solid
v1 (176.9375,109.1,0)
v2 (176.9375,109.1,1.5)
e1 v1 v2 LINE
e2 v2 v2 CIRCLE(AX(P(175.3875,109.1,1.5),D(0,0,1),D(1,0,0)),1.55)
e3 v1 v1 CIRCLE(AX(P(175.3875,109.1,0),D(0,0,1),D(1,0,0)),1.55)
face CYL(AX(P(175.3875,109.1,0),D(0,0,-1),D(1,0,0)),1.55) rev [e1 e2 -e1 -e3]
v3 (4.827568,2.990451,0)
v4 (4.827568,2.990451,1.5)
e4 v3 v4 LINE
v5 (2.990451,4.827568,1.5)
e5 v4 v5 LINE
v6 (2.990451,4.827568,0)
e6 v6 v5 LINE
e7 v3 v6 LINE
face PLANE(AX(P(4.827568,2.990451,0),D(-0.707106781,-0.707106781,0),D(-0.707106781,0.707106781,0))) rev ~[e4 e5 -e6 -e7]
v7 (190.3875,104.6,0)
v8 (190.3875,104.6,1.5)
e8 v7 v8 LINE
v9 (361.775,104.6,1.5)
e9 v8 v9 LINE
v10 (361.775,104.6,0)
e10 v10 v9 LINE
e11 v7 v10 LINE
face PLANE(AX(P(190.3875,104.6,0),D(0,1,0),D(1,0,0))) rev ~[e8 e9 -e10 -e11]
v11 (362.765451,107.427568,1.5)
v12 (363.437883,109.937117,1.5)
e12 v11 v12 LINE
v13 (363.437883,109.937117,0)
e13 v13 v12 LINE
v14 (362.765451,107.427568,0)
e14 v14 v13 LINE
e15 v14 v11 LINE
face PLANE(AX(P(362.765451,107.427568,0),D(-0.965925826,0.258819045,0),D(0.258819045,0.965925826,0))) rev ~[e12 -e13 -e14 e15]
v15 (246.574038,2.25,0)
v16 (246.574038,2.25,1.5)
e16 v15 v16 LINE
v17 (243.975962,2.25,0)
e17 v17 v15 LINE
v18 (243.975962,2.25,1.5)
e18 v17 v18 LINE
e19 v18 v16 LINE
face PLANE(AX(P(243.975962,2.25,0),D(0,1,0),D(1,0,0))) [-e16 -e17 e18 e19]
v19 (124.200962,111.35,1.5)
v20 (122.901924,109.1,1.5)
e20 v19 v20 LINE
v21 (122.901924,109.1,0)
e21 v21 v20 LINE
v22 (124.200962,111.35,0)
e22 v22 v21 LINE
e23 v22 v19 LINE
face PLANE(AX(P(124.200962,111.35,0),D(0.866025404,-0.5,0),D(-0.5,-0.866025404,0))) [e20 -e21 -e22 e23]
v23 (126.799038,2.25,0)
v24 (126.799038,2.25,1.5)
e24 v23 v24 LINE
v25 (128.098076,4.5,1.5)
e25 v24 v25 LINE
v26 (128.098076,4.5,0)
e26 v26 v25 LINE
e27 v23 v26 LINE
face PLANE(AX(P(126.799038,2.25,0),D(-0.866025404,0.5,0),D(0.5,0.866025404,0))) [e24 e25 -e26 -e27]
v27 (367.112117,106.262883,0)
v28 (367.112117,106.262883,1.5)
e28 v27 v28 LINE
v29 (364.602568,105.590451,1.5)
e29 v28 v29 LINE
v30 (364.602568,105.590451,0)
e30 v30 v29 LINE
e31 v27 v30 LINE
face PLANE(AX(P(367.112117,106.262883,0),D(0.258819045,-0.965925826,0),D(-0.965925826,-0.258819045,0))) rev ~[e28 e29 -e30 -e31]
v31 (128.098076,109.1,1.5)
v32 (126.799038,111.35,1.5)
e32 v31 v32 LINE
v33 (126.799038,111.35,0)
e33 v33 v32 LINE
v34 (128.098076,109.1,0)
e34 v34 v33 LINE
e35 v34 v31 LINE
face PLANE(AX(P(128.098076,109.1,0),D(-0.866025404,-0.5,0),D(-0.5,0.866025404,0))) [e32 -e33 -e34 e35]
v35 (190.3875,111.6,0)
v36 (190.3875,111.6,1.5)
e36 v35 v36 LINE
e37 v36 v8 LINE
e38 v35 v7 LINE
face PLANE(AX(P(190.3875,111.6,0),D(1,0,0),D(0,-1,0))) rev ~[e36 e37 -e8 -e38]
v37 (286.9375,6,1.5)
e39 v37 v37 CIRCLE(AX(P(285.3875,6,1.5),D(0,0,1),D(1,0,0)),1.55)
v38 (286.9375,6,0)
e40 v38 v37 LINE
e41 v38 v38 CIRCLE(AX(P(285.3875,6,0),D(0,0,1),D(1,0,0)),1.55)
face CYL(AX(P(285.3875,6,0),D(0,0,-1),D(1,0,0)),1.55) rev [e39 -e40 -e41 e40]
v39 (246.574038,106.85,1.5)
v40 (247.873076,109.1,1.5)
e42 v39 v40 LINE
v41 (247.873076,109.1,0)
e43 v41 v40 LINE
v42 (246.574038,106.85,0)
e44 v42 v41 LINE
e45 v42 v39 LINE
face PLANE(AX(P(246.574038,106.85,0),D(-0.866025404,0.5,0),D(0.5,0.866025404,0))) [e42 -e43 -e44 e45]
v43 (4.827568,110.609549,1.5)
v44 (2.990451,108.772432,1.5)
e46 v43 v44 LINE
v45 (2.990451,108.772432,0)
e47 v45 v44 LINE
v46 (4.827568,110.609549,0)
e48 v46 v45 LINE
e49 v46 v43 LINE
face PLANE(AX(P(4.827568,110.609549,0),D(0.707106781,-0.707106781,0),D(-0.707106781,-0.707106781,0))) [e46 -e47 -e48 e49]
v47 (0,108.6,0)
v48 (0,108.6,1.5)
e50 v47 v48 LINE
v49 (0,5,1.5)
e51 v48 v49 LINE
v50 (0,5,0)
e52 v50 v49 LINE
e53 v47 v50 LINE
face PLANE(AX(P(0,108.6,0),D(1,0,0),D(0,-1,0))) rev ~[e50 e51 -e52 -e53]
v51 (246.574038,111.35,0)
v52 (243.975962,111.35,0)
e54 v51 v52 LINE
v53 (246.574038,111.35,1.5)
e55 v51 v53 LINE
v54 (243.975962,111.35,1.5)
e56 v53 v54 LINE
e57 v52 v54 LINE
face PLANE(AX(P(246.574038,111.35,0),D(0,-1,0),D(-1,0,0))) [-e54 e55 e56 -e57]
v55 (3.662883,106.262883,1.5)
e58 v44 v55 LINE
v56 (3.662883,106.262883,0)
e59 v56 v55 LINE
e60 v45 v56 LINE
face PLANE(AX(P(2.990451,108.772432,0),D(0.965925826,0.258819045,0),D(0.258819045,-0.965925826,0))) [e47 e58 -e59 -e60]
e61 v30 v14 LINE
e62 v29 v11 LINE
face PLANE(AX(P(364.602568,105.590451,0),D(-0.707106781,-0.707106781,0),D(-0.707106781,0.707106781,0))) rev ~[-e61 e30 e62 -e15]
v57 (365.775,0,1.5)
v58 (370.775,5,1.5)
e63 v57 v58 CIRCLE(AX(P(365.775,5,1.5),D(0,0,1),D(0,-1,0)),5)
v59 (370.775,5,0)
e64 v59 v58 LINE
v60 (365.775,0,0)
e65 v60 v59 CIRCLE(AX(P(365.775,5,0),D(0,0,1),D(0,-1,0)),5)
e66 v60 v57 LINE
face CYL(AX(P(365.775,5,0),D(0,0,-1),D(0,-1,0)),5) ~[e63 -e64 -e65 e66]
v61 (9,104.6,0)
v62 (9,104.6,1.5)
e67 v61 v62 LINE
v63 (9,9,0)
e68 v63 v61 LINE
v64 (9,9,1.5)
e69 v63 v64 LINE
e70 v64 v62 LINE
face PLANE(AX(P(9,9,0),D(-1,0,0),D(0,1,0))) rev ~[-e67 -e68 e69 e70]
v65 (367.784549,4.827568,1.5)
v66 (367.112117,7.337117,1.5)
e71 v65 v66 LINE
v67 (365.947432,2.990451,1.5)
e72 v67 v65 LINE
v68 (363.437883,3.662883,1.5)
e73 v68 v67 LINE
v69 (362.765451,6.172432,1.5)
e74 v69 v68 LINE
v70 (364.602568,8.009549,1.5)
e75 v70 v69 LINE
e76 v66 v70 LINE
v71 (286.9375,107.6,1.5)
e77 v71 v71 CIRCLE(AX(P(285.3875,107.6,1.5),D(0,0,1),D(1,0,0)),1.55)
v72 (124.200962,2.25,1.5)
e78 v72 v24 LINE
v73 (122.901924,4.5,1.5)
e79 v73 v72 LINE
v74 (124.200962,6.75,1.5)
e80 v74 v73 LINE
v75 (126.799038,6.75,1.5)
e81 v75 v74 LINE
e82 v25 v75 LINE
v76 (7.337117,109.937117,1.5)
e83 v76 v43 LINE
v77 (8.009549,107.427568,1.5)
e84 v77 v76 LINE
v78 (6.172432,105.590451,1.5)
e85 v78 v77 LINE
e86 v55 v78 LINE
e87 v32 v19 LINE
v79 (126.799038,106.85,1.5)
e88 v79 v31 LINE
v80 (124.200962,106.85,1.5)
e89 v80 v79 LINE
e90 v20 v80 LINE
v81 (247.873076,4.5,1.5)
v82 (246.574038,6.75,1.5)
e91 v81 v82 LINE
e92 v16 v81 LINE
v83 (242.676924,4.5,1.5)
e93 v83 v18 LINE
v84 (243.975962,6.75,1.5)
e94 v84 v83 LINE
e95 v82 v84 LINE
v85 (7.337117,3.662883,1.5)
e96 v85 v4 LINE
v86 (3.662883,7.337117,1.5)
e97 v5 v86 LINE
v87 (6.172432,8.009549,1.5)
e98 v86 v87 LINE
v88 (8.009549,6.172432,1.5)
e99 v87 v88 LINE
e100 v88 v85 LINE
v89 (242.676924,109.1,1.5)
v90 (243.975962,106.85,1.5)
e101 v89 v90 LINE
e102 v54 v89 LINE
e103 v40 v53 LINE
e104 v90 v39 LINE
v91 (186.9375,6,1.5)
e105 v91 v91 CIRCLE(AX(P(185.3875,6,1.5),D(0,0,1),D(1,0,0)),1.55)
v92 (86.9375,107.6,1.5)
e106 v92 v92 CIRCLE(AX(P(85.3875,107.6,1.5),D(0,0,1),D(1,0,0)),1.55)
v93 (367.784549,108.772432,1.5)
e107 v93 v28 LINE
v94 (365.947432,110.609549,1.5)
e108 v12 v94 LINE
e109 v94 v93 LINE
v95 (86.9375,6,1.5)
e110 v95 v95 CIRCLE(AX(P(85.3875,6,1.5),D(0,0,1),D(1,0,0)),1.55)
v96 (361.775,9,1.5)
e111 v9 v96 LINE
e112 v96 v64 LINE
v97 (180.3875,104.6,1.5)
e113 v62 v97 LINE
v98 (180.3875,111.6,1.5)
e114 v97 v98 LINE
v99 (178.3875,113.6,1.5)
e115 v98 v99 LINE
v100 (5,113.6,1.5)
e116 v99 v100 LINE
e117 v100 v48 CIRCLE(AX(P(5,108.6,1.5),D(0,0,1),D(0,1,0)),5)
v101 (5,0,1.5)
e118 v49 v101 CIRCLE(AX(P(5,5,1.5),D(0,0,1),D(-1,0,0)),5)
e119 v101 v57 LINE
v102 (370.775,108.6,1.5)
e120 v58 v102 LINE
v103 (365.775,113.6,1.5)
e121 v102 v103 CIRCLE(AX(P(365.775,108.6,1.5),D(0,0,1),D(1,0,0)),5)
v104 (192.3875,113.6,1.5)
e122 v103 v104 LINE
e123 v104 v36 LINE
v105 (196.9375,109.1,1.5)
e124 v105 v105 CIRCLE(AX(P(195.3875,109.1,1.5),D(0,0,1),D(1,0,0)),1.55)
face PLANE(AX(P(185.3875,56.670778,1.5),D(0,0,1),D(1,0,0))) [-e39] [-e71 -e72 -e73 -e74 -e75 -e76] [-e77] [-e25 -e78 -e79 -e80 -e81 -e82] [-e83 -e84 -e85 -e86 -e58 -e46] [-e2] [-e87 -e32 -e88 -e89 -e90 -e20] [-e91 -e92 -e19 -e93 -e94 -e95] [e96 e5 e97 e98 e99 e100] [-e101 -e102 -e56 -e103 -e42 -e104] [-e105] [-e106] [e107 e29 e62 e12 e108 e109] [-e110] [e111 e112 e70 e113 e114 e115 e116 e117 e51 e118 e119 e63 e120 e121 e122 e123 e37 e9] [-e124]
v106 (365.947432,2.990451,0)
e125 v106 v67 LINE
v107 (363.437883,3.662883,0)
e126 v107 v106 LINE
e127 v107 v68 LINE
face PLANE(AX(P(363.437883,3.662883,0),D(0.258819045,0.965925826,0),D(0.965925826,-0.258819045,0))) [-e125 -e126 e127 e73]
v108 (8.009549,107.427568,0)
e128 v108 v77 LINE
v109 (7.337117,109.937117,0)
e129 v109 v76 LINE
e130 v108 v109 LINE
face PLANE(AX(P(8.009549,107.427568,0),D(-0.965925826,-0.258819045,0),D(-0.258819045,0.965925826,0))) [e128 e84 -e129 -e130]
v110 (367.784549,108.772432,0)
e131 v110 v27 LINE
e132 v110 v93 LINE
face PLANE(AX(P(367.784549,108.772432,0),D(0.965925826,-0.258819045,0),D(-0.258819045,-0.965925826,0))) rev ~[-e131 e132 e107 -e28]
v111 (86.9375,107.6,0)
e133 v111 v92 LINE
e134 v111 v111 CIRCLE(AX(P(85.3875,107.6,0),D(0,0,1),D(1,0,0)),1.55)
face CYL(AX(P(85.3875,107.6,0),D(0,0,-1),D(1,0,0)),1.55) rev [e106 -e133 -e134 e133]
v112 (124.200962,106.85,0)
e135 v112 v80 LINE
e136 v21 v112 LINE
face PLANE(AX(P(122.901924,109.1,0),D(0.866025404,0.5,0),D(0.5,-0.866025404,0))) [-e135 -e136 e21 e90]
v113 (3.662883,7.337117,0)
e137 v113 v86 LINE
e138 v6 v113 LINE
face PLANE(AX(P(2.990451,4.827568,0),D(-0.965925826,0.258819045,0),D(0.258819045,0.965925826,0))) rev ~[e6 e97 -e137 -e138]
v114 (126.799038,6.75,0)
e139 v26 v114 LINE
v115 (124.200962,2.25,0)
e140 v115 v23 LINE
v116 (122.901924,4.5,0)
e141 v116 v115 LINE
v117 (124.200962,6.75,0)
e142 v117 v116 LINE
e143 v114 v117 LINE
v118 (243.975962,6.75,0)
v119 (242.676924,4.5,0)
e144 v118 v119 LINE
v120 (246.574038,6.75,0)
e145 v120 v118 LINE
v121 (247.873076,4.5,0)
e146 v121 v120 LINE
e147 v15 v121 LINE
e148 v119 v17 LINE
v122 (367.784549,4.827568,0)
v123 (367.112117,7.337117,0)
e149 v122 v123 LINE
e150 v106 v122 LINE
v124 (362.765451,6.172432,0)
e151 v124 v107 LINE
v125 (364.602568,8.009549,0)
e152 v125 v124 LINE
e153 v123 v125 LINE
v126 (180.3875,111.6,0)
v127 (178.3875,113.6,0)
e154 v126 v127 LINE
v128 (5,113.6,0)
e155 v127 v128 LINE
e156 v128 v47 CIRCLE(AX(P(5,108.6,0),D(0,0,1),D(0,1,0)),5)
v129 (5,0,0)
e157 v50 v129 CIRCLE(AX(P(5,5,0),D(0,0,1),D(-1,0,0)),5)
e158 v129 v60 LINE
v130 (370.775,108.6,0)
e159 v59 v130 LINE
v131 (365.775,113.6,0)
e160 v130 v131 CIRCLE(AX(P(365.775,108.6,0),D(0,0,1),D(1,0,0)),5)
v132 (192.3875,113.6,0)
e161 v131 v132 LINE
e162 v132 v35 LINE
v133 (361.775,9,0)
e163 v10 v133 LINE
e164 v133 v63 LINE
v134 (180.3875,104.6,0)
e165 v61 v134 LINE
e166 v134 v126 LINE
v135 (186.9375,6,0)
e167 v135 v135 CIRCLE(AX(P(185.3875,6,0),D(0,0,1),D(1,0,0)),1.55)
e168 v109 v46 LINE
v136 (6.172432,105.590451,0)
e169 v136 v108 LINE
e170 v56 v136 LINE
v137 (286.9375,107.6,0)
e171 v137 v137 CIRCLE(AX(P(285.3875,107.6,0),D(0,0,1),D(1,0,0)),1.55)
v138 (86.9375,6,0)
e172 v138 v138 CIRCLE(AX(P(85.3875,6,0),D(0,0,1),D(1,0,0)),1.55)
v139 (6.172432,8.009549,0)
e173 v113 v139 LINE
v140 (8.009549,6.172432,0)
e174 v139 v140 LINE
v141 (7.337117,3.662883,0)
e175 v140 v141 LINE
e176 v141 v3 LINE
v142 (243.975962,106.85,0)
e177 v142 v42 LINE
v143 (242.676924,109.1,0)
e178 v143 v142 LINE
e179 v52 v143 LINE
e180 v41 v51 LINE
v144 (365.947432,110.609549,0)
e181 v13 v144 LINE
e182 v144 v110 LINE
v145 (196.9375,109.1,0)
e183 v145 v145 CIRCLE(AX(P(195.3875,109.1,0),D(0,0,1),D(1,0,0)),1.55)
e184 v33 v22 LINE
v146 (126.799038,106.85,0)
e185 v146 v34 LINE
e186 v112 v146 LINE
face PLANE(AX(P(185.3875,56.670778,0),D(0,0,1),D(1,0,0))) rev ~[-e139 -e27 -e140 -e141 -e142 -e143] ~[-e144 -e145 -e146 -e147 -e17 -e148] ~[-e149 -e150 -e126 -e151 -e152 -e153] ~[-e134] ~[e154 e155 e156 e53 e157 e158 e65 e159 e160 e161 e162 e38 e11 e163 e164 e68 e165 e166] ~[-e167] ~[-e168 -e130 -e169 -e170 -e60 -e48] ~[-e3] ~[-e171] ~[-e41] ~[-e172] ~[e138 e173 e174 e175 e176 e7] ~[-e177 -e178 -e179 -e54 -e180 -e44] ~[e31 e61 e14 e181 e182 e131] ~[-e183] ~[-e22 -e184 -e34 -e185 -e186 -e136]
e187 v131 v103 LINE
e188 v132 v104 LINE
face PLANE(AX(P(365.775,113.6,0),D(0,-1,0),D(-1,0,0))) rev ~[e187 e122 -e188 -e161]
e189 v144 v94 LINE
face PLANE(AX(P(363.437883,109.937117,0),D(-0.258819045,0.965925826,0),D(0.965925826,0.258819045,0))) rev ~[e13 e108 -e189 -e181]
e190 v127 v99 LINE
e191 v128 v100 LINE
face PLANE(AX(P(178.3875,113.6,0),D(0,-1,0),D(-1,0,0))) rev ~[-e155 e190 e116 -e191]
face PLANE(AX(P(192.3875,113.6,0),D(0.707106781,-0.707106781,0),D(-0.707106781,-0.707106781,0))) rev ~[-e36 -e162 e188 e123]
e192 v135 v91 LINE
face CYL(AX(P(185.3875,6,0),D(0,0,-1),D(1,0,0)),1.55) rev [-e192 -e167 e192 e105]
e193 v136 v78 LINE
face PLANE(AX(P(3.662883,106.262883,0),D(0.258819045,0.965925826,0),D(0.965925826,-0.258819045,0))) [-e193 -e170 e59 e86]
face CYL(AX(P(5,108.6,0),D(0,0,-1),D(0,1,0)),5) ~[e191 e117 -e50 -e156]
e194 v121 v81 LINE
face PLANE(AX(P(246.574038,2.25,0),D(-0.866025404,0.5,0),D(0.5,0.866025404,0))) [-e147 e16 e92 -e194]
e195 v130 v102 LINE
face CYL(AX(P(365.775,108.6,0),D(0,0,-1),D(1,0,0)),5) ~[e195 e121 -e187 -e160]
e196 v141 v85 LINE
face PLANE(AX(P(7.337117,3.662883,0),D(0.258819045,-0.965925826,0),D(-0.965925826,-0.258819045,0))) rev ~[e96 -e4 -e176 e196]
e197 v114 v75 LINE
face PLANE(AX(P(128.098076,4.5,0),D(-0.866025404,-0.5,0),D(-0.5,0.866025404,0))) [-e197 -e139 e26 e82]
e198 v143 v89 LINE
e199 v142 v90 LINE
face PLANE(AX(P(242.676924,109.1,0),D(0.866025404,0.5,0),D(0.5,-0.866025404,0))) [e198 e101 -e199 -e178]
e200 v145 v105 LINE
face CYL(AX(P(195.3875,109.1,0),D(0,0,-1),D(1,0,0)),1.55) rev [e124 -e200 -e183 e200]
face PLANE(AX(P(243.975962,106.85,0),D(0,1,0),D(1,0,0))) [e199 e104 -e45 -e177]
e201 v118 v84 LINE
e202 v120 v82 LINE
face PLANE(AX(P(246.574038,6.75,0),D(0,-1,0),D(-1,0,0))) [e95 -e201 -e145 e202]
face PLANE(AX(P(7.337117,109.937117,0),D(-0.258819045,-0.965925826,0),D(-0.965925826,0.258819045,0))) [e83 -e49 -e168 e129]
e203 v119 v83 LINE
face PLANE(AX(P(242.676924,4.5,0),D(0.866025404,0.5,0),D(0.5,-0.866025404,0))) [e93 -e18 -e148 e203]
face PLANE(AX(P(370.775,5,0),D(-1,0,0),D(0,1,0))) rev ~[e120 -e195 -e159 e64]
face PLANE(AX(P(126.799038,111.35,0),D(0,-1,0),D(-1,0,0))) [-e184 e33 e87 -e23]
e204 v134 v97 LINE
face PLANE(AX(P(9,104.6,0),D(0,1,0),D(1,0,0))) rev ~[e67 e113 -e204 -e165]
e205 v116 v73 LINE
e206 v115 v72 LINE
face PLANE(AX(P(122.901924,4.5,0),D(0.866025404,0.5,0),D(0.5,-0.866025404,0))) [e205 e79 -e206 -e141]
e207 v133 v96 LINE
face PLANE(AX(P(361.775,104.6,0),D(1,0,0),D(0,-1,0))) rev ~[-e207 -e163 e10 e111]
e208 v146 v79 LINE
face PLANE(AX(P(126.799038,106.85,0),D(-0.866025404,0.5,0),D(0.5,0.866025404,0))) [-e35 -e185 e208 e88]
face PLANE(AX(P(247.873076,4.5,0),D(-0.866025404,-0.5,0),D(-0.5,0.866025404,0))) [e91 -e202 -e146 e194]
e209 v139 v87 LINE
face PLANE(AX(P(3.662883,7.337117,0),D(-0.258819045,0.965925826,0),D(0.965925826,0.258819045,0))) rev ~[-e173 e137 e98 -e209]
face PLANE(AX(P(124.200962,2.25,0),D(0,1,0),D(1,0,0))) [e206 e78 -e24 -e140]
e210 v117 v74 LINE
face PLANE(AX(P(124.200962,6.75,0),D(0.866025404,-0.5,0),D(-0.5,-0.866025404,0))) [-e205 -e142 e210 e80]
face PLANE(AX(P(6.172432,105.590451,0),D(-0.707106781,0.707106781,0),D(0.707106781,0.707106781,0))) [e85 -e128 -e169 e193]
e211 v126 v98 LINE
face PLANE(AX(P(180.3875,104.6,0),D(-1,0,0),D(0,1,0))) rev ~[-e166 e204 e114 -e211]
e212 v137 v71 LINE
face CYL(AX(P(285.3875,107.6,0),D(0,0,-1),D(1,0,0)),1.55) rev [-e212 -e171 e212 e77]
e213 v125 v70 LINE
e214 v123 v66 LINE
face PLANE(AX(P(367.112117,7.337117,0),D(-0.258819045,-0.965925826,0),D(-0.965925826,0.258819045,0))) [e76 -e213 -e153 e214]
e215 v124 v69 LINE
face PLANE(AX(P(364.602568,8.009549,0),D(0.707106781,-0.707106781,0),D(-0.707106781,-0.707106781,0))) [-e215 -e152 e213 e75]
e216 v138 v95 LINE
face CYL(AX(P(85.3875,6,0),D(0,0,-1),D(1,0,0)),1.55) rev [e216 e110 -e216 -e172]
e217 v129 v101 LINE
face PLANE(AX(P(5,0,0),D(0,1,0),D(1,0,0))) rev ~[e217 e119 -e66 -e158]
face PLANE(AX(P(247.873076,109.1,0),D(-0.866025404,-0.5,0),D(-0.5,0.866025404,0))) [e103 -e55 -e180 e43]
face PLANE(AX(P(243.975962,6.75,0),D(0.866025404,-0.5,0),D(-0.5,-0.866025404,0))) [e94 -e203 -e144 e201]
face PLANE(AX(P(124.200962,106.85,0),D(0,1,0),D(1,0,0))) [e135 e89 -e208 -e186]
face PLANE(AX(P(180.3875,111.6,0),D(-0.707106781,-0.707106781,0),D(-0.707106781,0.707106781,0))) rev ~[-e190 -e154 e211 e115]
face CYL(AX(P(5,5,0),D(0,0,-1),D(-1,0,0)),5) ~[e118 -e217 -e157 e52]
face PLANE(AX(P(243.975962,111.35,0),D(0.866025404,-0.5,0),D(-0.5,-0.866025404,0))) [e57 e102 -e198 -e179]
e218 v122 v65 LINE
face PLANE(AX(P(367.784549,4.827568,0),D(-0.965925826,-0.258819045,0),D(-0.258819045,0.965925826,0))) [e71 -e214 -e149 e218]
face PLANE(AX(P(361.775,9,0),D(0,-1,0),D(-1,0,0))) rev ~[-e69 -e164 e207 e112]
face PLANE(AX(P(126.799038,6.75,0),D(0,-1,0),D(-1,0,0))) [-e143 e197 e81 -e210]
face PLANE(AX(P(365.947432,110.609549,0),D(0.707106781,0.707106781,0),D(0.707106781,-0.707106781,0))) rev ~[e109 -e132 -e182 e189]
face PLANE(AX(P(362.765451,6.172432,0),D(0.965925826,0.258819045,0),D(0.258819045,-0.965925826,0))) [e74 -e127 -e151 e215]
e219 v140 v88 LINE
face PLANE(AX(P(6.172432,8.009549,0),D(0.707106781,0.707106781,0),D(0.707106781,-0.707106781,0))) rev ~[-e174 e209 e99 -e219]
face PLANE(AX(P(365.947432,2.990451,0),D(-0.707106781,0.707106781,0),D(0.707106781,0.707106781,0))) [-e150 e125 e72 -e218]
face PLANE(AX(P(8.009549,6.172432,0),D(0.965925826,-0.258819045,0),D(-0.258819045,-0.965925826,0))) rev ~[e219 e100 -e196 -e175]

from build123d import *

# Parameters (mm, degrees)
MODEL_R             = 1.55
BOSS_EXTRUDE1_DEPTH = 1.5


with BuildPart() as part:
    # Model → Boss-Extrude1 (new body)
    with BuildSketch(Plane.XY):
        with BuildLine():
            Line((0, 108.6), (0, 5))
            ThreePointArc((0, 5), (1.464466094, 1.464466094), (5, 0))
            Line((5, 0), (365.775, 0))
            ThreePointArc((365.775, 0), (369.310533906, 1.464466094), (370.775, 5))
            Line((370.775, 5), (370.775, 108.6))
            ThreePointArc((370.775, 108.6), (369.310533906, 112.135533906), (365.775, 113.6))
            Line((365.775, 113.6), (192.3875, 113.6))
            Line((192.3875, 113.6), (190.3875, 111.6))
            Line((190.3875, 111.6), (190.3875, 104.6))
            Line((190.3875, 104.6), (361.775, 104.6))
            Line((361.775, 104.6), (361.775, 9))
            Line((361.775, 9), (9, 9))
            Line((9, 9), (9, 104.6))
            Line((9, 104.6), (180.3875, 104.6))
            Line((180.3875, 104.6), (180.3875, 111.6))
            Line((180.3875, 111.6), (178.3875, 113.6))
            Line((178.3875, 113.6), (5, 113.6))
            ThreePointArc((5, 113.6), (1.464466094, 112.135533906), (0, 108.6))
        make_face()
        with Locations((195.3875, 109.1)):
            Circle(MODEL_R, mode=Mode.SUBTRACT)
        with Locations((175.3875, 109.1)):
            Circle(MODEL_R, mode=Mode.SUBTRACT)
        with Locations((85.3875, 107.6)):
            Circle(MODEL_R, mode=Mode.SUBTRACT)
        with Locations((285.3875, 107.6)):
            Circle(MODEL_R, mode=Mode.SUBTRACT)
        with Locations((85.3875, 6)):
            Circle(MODEL_R, mode=Mode.SUBTRACT)
        with Locations((185.3875, 6)):
            Circle(MODEL_R, mode=Mode.SUBTRACT)
        with Locations((285.3875, 6)):
            Circle(MODEL_R, mode=Mode.SUBTRACT)
        Polygon((365.947431604, 110.609548911), (367.784548911, 108.772431604), (367.112117307, 106.262882693), (364.602568396, 105.590451089), (362.765451089, 107.427568396), (363.437882693, 109.937117307), align=None, mode=Mode.SUBTRACT)
        Polygon((4.827568396, 110.609548911), (2.990451089, 108.772431604), (3.662882693, 106.262882693), (6.172431604, 105.590451089), (8.009548911, 107.427568396), (7.337117307, 109.937117307), align=None, mode=Mode.SUBTRACT)
        Polygon((365.947431604, 2.990451089), (367.784548911, 4.827568396), (367.112117307, 7.337117307), (364.602568396, 8.009548911), (362.765451089, 6.172431604), (363.437882693, 3.662882693), align=None, mode=Mode.SUBTRACT)
        Polygon((4.827568396, 2.990451089), (2.990451089, 4.827568396), (3.662882693, 7.337117307), (6.172431604, 8.009548911), (8.009548911, 6.172431604), (7.337117307, 3.662882693), align=None, mode=Mode.SUBTRACT)
        Polygon((243.975961894, 2.25), (246.574038106, 2.25), (247.873076211, 4.5), (246.574038106, 6.75), (243.975961894, 6.75), (242.676923789, 4.5), align=None, mode=Mode.SUBTRACT)
        Polygon((243.975961894, 106.85), (246.574038106, 106.85), (247.873076211, 109.1), (246.574038106, 111.35), (243.975961894, 111.35), (242.676923789, 109.1), align=None, mode=Mode.SUBTRACT)
        Polygon((124.200961894, 106.85), (126.799038106, 106.85), (128.098076211, 109.1), (126.799038106, 111.35), (124.200961894, 111.35), (122.901923789, 109.1), align=None, mode=Mode.SUBTRACT)
        Polygon((124.200961894, 2.25), (126.799038106, 2.25), (128.098076211, 4.5), (126.799038106, 6.75), (124.200961894, 6.75), (122.901923789, 4.5), align=None, mode=Mode.SUBTRACT)
    extrude(amount=BOSS_EXTRUDE1_DEPTH)


solid = part.part
